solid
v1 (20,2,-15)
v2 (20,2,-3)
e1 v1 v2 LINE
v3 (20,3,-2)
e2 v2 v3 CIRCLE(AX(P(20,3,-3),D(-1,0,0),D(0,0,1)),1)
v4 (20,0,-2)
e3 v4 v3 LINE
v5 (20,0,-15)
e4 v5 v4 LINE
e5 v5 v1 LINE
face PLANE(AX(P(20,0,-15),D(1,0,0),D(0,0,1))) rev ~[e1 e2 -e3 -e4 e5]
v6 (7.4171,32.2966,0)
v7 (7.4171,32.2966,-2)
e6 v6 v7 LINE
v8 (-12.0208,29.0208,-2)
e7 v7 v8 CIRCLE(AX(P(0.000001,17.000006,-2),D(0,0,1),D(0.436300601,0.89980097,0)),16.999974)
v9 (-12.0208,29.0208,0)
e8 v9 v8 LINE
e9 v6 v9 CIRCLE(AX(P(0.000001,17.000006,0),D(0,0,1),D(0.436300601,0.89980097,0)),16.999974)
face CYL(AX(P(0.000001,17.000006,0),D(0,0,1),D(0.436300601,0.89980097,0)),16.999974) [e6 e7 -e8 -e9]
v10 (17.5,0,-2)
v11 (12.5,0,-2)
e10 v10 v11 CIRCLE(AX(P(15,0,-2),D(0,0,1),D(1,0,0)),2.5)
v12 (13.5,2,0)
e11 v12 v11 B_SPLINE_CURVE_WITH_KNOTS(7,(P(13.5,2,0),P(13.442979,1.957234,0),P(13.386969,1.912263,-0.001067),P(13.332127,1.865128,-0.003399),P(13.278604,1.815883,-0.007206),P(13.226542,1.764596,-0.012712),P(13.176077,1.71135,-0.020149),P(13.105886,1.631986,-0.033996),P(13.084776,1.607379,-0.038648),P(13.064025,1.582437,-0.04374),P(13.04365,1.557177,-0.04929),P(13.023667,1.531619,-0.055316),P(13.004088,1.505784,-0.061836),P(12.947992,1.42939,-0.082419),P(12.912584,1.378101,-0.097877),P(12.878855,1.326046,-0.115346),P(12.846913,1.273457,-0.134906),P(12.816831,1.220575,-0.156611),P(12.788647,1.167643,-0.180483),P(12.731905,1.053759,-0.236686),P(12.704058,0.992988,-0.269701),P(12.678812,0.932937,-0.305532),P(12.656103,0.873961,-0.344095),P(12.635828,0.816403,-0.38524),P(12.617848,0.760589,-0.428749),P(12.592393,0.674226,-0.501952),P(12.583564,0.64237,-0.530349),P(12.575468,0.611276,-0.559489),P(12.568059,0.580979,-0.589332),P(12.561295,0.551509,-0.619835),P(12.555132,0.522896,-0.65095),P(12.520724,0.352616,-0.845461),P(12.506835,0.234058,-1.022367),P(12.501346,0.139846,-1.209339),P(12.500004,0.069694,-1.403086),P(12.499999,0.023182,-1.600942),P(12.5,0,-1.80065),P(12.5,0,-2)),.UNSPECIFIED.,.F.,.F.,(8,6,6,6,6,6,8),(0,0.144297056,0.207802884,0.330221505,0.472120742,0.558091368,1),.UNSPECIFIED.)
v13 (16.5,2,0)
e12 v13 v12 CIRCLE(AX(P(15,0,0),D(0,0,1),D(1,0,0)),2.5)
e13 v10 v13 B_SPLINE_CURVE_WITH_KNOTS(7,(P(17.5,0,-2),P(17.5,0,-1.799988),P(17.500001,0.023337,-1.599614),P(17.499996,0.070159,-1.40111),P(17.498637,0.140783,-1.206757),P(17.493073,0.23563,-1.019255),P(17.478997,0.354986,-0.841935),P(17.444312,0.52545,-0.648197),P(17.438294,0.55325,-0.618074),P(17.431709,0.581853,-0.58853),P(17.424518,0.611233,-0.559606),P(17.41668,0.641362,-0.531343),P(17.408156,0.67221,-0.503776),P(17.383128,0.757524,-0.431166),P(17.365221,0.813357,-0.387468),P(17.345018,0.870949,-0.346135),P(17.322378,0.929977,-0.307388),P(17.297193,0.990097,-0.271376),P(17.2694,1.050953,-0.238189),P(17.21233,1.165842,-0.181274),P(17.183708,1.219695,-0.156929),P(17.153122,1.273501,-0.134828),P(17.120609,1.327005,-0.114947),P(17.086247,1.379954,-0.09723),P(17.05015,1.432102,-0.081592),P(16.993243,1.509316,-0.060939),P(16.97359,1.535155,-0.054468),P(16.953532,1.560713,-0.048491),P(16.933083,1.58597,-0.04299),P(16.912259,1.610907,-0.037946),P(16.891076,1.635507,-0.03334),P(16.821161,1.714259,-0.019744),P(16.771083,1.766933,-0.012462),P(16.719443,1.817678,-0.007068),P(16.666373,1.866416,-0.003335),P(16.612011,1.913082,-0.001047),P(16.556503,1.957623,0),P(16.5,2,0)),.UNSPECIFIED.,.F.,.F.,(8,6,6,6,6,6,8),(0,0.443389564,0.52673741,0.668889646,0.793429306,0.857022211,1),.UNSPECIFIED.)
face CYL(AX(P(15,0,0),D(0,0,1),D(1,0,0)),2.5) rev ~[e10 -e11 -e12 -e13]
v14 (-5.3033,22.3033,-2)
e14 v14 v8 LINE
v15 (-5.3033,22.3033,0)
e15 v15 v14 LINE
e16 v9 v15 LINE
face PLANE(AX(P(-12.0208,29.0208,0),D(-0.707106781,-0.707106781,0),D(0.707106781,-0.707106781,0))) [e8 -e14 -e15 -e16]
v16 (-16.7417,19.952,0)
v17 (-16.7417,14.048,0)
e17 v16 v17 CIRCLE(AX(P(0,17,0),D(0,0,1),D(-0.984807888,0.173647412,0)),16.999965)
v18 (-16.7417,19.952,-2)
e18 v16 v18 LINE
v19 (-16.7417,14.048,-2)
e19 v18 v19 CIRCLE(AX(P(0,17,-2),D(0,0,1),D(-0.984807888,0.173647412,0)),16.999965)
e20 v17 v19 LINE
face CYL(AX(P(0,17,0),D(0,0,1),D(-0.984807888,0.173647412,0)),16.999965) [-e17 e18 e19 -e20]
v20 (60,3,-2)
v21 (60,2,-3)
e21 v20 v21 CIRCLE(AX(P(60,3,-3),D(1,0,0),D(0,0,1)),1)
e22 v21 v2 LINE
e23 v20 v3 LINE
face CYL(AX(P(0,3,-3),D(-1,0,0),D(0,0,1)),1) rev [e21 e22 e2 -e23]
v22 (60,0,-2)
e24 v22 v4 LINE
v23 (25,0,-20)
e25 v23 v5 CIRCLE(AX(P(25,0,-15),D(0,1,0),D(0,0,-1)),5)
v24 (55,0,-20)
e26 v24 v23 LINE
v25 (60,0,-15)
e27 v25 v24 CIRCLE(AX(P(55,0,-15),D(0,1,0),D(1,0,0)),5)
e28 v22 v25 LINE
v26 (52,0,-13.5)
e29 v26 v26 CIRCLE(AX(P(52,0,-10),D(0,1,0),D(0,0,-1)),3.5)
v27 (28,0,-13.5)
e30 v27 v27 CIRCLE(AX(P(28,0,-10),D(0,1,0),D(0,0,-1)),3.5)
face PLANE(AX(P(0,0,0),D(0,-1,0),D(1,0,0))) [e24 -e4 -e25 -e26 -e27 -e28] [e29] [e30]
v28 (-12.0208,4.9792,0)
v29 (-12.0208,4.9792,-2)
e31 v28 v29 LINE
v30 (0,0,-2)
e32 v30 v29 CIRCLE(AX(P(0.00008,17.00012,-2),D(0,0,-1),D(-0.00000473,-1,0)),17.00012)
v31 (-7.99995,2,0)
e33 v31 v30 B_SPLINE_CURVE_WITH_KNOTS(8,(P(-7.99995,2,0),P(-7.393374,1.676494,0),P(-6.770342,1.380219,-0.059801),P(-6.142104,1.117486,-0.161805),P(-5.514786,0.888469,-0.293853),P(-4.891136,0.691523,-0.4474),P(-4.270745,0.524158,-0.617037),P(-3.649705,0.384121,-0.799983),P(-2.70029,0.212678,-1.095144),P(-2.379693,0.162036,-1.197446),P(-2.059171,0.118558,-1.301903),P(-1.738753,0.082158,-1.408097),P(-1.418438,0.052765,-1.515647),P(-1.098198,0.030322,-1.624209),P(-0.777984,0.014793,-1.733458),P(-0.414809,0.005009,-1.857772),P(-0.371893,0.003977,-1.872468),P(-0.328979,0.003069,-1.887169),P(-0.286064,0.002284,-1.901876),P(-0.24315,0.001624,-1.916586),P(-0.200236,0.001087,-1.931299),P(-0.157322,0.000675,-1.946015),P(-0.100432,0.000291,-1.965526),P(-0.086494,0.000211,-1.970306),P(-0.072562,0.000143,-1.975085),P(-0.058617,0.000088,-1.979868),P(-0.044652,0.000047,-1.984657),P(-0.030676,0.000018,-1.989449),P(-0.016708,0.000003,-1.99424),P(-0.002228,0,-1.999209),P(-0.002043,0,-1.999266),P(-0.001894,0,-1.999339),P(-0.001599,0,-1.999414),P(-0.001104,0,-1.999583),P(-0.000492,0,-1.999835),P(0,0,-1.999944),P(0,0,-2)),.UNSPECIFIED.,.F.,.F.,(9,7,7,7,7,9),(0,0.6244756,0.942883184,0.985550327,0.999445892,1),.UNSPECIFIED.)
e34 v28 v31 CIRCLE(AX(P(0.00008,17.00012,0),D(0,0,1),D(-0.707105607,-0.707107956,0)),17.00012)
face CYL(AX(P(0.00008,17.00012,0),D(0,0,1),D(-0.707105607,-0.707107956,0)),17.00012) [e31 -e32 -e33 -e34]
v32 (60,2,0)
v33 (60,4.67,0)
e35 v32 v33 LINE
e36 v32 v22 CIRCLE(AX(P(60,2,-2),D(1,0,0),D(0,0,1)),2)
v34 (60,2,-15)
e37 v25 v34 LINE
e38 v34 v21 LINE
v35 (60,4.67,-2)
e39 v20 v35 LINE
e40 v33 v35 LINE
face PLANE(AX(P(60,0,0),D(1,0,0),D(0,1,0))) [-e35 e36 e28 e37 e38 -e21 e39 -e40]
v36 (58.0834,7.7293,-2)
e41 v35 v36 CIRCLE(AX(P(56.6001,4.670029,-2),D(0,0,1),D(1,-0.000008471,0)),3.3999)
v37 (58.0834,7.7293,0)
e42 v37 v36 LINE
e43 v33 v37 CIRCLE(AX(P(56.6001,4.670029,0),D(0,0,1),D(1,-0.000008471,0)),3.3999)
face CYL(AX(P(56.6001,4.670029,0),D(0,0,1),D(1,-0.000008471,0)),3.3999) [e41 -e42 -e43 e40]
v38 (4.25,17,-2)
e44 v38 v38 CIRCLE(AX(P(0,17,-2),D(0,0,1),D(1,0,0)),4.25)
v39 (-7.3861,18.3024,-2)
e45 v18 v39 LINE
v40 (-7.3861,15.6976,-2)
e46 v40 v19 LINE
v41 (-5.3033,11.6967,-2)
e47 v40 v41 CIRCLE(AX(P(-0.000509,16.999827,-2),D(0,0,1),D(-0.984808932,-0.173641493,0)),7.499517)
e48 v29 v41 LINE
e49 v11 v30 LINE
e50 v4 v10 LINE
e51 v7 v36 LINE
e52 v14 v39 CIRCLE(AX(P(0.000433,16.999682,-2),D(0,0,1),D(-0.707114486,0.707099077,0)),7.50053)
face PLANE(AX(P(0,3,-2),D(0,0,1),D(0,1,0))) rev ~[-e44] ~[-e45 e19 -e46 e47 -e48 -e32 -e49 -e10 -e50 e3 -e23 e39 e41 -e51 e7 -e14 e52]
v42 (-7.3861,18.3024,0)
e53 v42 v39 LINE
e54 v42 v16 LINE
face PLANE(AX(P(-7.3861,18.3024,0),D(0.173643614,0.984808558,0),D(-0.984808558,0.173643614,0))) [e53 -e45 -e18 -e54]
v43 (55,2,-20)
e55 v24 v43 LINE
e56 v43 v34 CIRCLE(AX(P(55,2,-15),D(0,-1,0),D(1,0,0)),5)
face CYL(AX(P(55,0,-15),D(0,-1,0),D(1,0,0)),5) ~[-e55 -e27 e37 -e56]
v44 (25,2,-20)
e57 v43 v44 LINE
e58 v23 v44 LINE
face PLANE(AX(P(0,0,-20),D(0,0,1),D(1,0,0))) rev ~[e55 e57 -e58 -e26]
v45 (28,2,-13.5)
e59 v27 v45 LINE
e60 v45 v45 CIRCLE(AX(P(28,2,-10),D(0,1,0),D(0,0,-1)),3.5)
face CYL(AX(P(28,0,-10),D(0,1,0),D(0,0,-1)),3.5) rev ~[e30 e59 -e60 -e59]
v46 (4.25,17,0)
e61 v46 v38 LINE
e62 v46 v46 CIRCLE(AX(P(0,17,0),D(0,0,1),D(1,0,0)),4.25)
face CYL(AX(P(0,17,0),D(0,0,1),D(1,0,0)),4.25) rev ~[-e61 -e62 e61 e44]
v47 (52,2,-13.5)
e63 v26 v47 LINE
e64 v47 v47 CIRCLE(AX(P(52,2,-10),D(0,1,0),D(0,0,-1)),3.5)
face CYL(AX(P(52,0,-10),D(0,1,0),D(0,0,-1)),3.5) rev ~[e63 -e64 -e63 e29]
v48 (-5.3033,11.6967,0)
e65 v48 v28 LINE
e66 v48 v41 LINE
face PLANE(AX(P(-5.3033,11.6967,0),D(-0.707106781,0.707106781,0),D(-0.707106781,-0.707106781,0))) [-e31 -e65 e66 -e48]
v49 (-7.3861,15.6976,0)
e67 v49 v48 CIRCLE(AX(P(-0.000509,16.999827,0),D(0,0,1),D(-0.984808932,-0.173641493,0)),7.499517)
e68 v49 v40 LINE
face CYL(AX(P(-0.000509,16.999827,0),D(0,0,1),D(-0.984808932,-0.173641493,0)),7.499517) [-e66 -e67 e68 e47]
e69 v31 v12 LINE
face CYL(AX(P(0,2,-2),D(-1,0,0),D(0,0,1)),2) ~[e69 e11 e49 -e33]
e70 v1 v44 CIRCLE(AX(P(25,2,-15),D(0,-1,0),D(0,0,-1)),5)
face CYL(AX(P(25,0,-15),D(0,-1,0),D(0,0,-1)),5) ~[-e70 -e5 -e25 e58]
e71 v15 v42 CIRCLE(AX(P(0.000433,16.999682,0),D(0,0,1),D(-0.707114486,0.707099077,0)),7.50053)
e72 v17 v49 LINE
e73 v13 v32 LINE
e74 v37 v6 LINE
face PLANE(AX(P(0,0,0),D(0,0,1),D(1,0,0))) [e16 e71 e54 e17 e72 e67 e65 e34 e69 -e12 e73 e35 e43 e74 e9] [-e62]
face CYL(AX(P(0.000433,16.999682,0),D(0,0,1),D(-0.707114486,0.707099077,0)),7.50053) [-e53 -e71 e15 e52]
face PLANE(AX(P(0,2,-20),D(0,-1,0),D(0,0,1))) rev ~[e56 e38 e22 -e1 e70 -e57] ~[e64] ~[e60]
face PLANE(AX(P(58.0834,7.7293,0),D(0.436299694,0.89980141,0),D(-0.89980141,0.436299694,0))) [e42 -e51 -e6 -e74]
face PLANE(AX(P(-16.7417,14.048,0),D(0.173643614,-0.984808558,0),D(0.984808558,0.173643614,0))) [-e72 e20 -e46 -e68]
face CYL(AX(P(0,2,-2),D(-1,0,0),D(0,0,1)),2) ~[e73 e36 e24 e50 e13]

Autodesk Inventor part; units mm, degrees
sketch "Sketch_1" plane through (0, 0, 0) normal (0, 0, 1) x (1, 0, 0)
  arc A0 (-16.7417, 19.952) -> (-16.7417, 14.048) centre (0, 17) ccw
  line L0 (-16.7417, 14.048) -> (-7.3861, 15.6976)
  arc A1 (-7.3861, 15.6976) -> (-5.3033, 11.6967) centre (0, 17) ccw
  line L1 (-5.3033, 11.6967) -> (-12.0208, 4.9792)
  arc A2 (-12.0208, 4.9792) -> (0, 0) centre (0, 17) ccw
  line L2 (0, 0) -> (60, 0)
  line L3 (60, 0) -> (60, 4.67)
  arc A3 (60, 4.67) -> (58.0834, 7.7293) centre (56.6, 4.67) ccw
  line L4 (58.0834, 7.7293) -> (7.4171, 32.2966)
  arc A4 (7.4171, 32.2966) -> (-12.0208, 29.0208) centre (0, 17) ccw
  line L5 (-12.0208, 29.0208) -> (-5.3033, 22.3033)
  arc A5 (-5.3033, 22.3033) -> (-7.3861, 18.3024) centre (0, 17) ccw
  line L6 (-7.3861, 18.3024) -> (-16.7417, 19.952)
  circle A6 centre (0, 17) radius 4.25
extrude "Extrusion1" add sketch "Sketch_1" against normal blind 20
sketch "Sketch_2" plane through (0, 0, 0) normal (1, 0, 0) x (0, 1, 0)
  line L0 (39, 5) -> (-5, 5)
  line L1 (-5, 5) -> (-5, -25)
  line L2 (-5, -25) -> (39, -25)
  line L3 (39, -25) -> (39, 5)
  arc A0 (2, 0) -> (0, -2) centre (2, -2) ccw
  line L4 (0, -2) -> (0, -20)
  line L5 (0, -20) -> (2, -20)
  line L6 (2, -20) -> (2, -3)
  arc A1 (3, -2) -> (2, -3) centre (3, -3) ccw
  line L7 (3, -2) -> (34, -2)
  line L8 (34, -2) -> (34, 0)
  line L9 (34, 0) -> (2, 0)
extrude "Extrusion2" cut sketch "Sketch_2" along normal mid plane 120
sketch "Sketch_3" plane through (0, 0, 0) normal (0, 1, 0) x (-1, 0, 0)
  line L0 (22, -25) -> (22, 5)
  line L1 (22, 5) -> (-65, 5)
  line L2 (-65, 5) -> (-65, -25)
  line L3 (-65, -25) -> (22, -25)
  line L4 (17, -2) -> (17, 0)
  line L5 (17, 0) -> (-60, 0)
  line L6 (-60, 0) -> (-60, -15)
  arc A0 (-60, -15) -> (-55, -20) centre (-55, -15) ccw
  line L7 (-55, -20) -> (-25, -20)
  arc A1 (-25, -20) -> (-20, -15) centre (-25, -15) ccw
  line L8 (-20, -15) -> (-20, -2)
  line L9 (-20, -2) -> (17, -2)
extrude "Extrusion3" cut sketch "Sketch_3" along normal blind 34
sketch "Sketch4" plane through (20, 0, -2) normal (0, -1, 0) x (1, 0, 0)
  point P0 (8, -8)
hole "Hole1" at (28, 0, -10) direction (0, 1, 0) diameter 7 depth 2
sketch "Sketch5" plane through (20, 0, -2) normal (0, -1, 0) x (1, 0, 0)
  point P0 (32, -8)
hole "Hole2" at (52, 0, -10) direction (0, 1, 0) diameter 7 depth 2
sketch "Sketch_7" plane through (0, 0, 0) normal (0, 0, 1) x (1, 0, 0)
  circle A0 centre (15, 0) radius 2.5
extrude "Extrusion4" cut sketch "Sketch_7" against normal blind 20
ref_plane "fix_end_l_XY" through (0, 17, 0) normal (0, 0, 1) x (1, 0, 0)
ref_plane "fix_end_l_YZ" through (0, 17, 0) normal (1, 0, 0) x (0, 1, 0)
ref_plane "fix_end_l_ZX" through (0, 17, 0) normal (0, 1, 0) x (0, 0, 1)
ref_plane "free_end_l_XY" through (0, 17, -2) normal (0, 0, 1) x (1, 0, 0)
ref_plane "free_end_l_YZ" through (0, 17, -2) normal (1, 0, 0) x (0, 1, 0)
ref_plane "free_end_l_ZX" through (0, 17, -2) normal (0, 1, 0) x (0, 0, 1)
ref_plane "l_to_r_XY" through (0, 17, -26) normal (0, 0, 1) x (1, 0, 0)
ref_plane "l_to_r_YZ" through (0, 17, -26) normal (1, 0, 0) x (0, 1, 0)
ref_plane "l_to_r_ZX" through (0, 17, -26) normal (0, 1, 0) x (0, 0, 1)
ref_plane "to_clip1_XY" through (0, 17, -10) normal (1, 0, 0) x (0, 0, -1)
ref_plane "to_clip1_YZ" through (0, 17, -10) normal (0, 0, -1) x (0, 1, 0)
ref_plane "to_clip1_ZX" through (0, 17, -10) normal (0, 1, 0) x (1, 0, 0)
properties part number "MHPUS306-Ab_fixed_left"
